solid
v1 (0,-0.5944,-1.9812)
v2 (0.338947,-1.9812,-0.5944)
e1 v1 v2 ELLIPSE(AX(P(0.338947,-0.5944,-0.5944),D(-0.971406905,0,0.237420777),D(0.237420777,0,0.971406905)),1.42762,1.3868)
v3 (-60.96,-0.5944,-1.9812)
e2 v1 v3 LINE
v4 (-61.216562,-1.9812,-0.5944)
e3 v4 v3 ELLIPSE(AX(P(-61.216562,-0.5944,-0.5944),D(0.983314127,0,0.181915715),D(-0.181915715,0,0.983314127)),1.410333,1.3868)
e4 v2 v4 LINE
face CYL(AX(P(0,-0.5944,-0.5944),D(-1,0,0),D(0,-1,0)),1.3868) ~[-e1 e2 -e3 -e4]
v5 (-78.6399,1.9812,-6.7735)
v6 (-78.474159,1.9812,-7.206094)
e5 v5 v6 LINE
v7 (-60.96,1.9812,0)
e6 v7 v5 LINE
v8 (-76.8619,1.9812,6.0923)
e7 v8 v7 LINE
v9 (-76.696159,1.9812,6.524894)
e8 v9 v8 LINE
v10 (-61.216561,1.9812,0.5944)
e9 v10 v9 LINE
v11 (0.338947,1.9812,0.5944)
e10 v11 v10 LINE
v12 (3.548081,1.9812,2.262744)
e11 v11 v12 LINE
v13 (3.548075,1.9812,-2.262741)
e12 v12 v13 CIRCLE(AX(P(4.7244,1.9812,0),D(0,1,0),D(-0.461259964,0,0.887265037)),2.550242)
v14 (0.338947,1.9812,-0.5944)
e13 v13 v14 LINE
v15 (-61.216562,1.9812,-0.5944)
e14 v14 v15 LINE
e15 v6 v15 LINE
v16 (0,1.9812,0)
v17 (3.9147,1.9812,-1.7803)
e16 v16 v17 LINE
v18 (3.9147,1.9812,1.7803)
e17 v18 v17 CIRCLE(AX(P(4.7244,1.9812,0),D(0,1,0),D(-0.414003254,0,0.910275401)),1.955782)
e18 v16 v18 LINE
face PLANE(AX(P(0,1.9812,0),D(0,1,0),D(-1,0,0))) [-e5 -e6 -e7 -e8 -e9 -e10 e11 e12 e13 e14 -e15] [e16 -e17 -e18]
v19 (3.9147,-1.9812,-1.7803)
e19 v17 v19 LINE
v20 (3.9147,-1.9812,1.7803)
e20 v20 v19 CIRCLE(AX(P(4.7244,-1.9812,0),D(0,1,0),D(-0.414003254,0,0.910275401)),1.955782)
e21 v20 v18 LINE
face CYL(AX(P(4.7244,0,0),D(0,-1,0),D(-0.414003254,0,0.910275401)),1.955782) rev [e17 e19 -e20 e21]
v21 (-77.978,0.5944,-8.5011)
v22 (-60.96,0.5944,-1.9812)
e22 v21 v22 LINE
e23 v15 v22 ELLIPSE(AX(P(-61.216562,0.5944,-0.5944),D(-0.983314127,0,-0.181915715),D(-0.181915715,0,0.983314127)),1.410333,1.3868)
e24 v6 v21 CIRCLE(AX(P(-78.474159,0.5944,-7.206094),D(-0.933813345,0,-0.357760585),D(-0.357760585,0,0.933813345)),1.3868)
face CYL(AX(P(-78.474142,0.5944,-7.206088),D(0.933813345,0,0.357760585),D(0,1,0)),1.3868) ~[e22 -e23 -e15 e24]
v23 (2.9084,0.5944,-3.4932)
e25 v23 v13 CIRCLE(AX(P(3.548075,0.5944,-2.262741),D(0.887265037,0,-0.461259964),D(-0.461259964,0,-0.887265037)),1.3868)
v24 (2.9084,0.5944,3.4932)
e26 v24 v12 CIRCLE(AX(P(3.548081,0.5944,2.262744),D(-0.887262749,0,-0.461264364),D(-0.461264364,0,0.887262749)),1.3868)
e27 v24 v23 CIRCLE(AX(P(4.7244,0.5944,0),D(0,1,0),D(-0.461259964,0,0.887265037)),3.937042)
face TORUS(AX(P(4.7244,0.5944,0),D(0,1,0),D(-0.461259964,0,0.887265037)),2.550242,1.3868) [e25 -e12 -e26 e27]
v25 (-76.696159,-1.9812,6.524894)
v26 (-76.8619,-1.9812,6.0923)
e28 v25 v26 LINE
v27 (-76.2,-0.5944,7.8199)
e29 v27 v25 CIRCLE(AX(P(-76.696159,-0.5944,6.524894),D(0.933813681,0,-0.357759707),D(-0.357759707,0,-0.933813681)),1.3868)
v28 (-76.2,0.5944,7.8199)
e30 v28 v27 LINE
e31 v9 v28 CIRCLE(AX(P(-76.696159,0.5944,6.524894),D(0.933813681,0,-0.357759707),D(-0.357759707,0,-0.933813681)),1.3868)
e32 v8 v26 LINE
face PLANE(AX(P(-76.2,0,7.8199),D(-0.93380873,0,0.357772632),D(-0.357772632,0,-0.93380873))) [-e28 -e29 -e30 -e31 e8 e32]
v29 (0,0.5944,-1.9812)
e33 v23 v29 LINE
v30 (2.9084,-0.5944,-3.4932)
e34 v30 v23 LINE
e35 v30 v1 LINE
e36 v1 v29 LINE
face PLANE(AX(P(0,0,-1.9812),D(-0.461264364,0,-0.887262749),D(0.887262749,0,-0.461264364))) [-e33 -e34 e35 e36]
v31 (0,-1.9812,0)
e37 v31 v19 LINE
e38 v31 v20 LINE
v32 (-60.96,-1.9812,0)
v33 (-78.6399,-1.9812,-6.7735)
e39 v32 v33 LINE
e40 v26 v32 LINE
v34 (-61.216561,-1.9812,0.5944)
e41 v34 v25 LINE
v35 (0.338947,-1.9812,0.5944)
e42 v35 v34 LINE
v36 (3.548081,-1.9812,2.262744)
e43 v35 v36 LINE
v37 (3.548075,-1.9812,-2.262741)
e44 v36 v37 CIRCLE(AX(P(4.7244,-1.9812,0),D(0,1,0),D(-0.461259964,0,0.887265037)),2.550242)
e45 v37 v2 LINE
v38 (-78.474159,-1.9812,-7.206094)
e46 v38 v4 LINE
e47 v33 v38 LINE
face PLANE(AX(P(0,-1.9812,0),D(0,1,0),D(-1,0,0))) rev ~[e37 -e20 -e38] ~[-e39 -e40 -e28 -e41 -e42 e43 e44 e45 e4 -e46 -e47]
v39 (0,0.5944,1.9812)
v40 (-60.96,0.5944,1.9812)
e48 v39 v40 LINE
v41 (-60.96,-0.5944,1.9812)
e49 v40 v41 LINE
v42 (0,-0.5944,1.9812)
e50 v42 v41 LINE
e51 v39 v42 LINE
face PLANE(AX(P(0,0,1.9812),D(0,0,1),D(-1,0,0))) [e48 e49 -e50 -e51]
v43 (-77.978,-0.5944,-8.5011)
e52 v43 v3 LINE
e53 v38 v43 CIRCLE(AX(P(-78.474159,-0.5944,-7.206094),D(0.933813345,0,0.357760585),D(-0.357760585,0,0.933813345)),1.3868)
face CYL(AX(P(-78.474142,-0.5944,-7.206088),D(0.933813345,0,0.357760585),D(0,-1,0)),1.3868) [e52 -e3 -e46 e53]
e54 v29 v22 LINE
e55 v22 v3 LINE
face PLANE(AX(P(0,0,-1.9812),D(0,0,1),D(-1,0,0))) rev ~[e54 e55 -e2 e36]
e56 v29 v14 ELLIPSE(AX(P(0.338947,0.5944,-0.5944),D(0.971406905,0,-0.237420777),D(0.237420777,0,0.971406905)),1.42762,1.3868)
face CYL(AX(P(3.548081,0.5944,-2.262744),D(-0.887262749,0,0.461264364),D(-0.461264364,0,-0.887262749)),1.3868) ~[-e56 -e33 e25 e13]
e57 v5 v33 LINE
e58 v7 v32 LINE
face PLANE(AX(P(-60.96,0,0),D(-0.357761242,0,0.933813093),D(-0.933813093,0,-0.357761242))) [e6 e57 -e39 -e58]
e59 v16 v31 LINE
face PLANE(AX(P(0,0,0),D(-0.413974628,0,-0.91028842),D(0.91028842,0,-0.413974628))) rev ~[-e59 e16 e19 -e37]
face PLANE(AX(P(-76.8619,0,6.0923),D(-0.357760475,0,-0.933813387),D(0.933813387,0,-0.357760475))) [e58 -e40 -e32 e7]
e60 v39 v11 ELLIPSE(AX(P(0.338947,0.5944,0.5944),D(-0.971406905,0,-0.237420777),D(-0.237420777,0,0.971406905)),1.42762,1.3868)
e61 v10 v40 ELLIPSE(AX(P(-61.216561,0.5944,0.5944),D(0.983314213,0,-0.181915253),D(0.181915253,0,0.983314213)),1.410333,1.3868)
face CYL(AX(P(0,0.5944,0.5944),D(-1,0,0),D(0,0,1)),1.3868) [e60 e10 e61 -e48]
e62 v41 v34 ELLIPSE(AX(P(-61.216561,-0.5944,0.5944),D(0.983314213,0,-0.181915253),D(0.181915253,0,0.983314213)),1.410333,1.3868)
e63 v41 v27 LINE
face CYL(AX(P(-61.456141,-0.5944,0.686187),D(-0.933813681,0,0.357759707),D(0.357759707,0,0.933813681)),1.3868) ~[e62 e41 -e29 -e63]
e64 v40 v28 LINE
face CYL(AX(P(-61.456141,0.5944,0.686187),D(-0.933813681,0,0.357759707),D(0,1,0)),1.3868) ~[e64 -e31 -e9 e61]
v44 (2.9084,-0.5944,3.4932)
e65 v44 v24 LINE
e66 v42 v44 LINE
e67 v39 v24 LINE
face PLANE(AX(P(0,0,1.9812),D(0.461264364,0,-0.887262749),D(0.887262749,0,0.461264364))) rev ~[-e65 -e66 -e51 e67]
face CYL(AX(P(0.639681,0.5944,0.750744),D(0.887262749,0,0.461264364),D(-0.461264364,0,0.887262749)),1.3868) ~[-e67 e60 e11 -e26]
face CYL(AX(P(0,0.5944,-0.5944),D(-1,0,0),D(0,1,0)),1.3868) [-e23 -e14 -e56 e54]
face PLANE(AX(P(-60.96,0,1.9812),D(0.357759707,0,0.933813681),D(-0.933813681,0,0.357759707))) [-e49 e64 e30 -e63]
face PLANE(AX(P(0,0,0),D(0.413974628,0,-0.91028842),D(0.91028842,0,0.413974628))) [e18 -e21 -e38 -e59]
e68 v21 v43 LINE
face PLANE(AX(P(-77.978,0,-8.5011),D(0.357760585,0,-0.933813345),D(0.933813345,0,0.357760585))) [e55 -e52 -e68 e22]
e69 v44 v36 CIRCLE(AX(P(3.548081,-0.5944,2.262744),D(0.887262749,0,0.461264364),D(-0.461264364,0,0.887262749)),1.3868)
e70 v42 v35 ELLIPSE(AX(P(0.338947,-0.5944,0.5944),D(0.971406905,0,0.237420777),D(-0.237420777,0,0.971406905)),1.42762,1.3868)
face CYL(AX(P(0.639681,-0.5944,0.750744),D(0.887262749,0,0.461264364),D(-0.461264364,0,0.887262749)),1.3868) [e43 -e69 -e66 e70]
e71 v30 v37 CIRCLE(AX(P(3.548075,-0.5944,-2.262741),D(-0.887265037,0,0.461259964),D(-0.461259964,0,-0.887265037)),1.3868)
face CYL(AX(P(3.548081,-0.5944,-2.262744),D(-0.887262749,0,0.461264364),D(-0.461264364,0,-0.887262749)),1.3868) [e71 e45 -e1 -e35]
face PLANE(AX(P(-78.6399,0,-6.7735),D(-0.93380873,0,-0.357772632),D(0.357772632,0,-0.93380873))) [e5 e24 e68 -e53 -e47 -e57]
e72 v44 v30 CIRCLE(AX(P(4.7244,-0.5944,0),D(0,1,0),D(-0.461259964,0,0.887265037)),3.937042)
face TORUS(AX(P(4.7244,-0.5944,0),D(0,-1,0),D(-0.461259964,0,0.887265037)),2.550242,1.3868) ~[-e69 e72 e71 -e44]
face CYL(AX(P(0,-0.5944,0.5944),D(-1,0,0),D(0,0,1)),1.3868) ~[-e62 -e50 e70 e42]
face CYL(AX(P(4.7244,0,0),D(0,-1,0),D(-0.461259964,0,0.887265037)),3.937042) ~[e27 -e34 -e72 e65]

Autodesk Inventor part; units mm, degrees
ref_plane "YZ Plane" through (0, 0, 0) normal (1, 0, 0) x (0, 1, 0)
sketch "Esquisse1" plane through (0, 0, 0) normal (0, 1, 0) x (-1, 0, 0)
  arc A0 (-2.9084, 3.4932) -> (-2.9084, -3.4932) centre (-4.7244, 0) ccw
  arc A1 (-3.9147, 1.7803) -> (-3.9147, -1.7803) centre (-4.7244, 0) ccw
  line L0 (0, 1.9812) -> (60.96, 1.9812)
  line L1 (0, -1.9812) -> (60.96, -1.9812)
  line L2 (60.96, 1.9812) -> (76.2, 7.8199)
  line L3 (76.2, 7.8199) -> (76.8619, 6.0923)
  line L4 (76.8619, 6.0923) -> (60.96, 0)
  line L5 (60.96, 0) -> (78.6399, -6.7735)
  line L6 (78.6399, -6.7735) -> (77.978, -8.5011)
  line L7 (77.978, -8.5011) -> (60.96, -1.9812)
  line L8 (0, 0) -> (-3.9147, -1.7803)
  line L9 (0, 0) -> (-3.9147, 1.7803)
  line L10 (0, 1.9812) -> (0, -1.9812) construction
  line L11 (0, 1.9812) -> (-2.9084, 3.4932)
  line L12 (0, -1.9812) -> (-2.9084, -3.4932)
  line L13 (-8.6614, 0) -> (60.96, 0) construction
  line L14 (60.96, 1.9812) -> (60.96, -1.9812) construction
  dimension "d0" = 60.96
  dimension "d1" = 76.2
  dimension "d2" = 159.037
  dimension "d3" = 159.037
  dimension "d4" = 1.778
  dimension "d5" = 1.9558
  dimension "d6" = 3.937
  dimension "d7" = 1.9812
  dimension "d8" = 1.9812
  dimension "d9" = 4.7244
extrude "Corps" add sketch "Esquisse1" along normal mid plane 3.9624
fillet "Congé" radius 1.3868 14 edges at (-68.58, -1.9812, 4.9006) (-68.58, 1.9812, 4.9006) (-30.48, -1.9812, 1.9812) (-30.48, 1.9812, 1.9812) (8.6614, -1.9812, 0) (1.4542, -1.9812, -2.7372) (1.4542, -1.9812, 2.7372) (8.6614, 1.9812, 0) (1.4542, 1.9812, 2.7372) (1.4542, 1.9812, -2.7372) (-30.48, -1.9812, -1.9812) (-69.469, -1.9812, -5.2412) (-30.48, 1.9812, -1.9812) (-69.469, 1.9812, -5.2412)
ref_plane "Work Plane1" through (0, -10, 0) normal (0, 0, -1) x (0, 1, 0)
ref_plane "Work Plane3" through (0, 0, 1.9812) normal (-1, 0, 0) x (0, 1, 0)
equation "\"d0\" = MSIAB"
equation "\"d1\" = SNLG"
equation "\"d4\" = LGDIF"
equation "\"d5\" = -0.5 * SNND1 + 0.5 * KBR"
equation "\"d6\" = 0.5 * KBR"
equation "\"d7\" = 0.5 * SNND1"
equation "\"d8\" = 0.5 * SNND1"
equation "\"d9\" = KOL - 0.5 * KBR"
equation "\"d10\" = SNND1"
equation "\"d12\" = 0.35 * SNND1"
equation "\"SNND\" = 3.96875"
equation "\"SNLG\" = 76.2"
equation "\"SNND1\" = 3.9624"
equation "\"KBR\" = 7.874"
equation "\"KOL\" = 8.6614"
equation "\"LGDIF\" = 1.778"
equation "\"MSIAB\" = 60.96"
equation "\"NNDMAX\" = 22.225"
equation "\"DSH\" = 5.953"
equation "\"NNDMIN\" = 15.875"
equation "\"SPBOR\" = 4.3688"
properties part number "SAE J487a - 5/32 x 3   Type fourche" material "Acier doux"
